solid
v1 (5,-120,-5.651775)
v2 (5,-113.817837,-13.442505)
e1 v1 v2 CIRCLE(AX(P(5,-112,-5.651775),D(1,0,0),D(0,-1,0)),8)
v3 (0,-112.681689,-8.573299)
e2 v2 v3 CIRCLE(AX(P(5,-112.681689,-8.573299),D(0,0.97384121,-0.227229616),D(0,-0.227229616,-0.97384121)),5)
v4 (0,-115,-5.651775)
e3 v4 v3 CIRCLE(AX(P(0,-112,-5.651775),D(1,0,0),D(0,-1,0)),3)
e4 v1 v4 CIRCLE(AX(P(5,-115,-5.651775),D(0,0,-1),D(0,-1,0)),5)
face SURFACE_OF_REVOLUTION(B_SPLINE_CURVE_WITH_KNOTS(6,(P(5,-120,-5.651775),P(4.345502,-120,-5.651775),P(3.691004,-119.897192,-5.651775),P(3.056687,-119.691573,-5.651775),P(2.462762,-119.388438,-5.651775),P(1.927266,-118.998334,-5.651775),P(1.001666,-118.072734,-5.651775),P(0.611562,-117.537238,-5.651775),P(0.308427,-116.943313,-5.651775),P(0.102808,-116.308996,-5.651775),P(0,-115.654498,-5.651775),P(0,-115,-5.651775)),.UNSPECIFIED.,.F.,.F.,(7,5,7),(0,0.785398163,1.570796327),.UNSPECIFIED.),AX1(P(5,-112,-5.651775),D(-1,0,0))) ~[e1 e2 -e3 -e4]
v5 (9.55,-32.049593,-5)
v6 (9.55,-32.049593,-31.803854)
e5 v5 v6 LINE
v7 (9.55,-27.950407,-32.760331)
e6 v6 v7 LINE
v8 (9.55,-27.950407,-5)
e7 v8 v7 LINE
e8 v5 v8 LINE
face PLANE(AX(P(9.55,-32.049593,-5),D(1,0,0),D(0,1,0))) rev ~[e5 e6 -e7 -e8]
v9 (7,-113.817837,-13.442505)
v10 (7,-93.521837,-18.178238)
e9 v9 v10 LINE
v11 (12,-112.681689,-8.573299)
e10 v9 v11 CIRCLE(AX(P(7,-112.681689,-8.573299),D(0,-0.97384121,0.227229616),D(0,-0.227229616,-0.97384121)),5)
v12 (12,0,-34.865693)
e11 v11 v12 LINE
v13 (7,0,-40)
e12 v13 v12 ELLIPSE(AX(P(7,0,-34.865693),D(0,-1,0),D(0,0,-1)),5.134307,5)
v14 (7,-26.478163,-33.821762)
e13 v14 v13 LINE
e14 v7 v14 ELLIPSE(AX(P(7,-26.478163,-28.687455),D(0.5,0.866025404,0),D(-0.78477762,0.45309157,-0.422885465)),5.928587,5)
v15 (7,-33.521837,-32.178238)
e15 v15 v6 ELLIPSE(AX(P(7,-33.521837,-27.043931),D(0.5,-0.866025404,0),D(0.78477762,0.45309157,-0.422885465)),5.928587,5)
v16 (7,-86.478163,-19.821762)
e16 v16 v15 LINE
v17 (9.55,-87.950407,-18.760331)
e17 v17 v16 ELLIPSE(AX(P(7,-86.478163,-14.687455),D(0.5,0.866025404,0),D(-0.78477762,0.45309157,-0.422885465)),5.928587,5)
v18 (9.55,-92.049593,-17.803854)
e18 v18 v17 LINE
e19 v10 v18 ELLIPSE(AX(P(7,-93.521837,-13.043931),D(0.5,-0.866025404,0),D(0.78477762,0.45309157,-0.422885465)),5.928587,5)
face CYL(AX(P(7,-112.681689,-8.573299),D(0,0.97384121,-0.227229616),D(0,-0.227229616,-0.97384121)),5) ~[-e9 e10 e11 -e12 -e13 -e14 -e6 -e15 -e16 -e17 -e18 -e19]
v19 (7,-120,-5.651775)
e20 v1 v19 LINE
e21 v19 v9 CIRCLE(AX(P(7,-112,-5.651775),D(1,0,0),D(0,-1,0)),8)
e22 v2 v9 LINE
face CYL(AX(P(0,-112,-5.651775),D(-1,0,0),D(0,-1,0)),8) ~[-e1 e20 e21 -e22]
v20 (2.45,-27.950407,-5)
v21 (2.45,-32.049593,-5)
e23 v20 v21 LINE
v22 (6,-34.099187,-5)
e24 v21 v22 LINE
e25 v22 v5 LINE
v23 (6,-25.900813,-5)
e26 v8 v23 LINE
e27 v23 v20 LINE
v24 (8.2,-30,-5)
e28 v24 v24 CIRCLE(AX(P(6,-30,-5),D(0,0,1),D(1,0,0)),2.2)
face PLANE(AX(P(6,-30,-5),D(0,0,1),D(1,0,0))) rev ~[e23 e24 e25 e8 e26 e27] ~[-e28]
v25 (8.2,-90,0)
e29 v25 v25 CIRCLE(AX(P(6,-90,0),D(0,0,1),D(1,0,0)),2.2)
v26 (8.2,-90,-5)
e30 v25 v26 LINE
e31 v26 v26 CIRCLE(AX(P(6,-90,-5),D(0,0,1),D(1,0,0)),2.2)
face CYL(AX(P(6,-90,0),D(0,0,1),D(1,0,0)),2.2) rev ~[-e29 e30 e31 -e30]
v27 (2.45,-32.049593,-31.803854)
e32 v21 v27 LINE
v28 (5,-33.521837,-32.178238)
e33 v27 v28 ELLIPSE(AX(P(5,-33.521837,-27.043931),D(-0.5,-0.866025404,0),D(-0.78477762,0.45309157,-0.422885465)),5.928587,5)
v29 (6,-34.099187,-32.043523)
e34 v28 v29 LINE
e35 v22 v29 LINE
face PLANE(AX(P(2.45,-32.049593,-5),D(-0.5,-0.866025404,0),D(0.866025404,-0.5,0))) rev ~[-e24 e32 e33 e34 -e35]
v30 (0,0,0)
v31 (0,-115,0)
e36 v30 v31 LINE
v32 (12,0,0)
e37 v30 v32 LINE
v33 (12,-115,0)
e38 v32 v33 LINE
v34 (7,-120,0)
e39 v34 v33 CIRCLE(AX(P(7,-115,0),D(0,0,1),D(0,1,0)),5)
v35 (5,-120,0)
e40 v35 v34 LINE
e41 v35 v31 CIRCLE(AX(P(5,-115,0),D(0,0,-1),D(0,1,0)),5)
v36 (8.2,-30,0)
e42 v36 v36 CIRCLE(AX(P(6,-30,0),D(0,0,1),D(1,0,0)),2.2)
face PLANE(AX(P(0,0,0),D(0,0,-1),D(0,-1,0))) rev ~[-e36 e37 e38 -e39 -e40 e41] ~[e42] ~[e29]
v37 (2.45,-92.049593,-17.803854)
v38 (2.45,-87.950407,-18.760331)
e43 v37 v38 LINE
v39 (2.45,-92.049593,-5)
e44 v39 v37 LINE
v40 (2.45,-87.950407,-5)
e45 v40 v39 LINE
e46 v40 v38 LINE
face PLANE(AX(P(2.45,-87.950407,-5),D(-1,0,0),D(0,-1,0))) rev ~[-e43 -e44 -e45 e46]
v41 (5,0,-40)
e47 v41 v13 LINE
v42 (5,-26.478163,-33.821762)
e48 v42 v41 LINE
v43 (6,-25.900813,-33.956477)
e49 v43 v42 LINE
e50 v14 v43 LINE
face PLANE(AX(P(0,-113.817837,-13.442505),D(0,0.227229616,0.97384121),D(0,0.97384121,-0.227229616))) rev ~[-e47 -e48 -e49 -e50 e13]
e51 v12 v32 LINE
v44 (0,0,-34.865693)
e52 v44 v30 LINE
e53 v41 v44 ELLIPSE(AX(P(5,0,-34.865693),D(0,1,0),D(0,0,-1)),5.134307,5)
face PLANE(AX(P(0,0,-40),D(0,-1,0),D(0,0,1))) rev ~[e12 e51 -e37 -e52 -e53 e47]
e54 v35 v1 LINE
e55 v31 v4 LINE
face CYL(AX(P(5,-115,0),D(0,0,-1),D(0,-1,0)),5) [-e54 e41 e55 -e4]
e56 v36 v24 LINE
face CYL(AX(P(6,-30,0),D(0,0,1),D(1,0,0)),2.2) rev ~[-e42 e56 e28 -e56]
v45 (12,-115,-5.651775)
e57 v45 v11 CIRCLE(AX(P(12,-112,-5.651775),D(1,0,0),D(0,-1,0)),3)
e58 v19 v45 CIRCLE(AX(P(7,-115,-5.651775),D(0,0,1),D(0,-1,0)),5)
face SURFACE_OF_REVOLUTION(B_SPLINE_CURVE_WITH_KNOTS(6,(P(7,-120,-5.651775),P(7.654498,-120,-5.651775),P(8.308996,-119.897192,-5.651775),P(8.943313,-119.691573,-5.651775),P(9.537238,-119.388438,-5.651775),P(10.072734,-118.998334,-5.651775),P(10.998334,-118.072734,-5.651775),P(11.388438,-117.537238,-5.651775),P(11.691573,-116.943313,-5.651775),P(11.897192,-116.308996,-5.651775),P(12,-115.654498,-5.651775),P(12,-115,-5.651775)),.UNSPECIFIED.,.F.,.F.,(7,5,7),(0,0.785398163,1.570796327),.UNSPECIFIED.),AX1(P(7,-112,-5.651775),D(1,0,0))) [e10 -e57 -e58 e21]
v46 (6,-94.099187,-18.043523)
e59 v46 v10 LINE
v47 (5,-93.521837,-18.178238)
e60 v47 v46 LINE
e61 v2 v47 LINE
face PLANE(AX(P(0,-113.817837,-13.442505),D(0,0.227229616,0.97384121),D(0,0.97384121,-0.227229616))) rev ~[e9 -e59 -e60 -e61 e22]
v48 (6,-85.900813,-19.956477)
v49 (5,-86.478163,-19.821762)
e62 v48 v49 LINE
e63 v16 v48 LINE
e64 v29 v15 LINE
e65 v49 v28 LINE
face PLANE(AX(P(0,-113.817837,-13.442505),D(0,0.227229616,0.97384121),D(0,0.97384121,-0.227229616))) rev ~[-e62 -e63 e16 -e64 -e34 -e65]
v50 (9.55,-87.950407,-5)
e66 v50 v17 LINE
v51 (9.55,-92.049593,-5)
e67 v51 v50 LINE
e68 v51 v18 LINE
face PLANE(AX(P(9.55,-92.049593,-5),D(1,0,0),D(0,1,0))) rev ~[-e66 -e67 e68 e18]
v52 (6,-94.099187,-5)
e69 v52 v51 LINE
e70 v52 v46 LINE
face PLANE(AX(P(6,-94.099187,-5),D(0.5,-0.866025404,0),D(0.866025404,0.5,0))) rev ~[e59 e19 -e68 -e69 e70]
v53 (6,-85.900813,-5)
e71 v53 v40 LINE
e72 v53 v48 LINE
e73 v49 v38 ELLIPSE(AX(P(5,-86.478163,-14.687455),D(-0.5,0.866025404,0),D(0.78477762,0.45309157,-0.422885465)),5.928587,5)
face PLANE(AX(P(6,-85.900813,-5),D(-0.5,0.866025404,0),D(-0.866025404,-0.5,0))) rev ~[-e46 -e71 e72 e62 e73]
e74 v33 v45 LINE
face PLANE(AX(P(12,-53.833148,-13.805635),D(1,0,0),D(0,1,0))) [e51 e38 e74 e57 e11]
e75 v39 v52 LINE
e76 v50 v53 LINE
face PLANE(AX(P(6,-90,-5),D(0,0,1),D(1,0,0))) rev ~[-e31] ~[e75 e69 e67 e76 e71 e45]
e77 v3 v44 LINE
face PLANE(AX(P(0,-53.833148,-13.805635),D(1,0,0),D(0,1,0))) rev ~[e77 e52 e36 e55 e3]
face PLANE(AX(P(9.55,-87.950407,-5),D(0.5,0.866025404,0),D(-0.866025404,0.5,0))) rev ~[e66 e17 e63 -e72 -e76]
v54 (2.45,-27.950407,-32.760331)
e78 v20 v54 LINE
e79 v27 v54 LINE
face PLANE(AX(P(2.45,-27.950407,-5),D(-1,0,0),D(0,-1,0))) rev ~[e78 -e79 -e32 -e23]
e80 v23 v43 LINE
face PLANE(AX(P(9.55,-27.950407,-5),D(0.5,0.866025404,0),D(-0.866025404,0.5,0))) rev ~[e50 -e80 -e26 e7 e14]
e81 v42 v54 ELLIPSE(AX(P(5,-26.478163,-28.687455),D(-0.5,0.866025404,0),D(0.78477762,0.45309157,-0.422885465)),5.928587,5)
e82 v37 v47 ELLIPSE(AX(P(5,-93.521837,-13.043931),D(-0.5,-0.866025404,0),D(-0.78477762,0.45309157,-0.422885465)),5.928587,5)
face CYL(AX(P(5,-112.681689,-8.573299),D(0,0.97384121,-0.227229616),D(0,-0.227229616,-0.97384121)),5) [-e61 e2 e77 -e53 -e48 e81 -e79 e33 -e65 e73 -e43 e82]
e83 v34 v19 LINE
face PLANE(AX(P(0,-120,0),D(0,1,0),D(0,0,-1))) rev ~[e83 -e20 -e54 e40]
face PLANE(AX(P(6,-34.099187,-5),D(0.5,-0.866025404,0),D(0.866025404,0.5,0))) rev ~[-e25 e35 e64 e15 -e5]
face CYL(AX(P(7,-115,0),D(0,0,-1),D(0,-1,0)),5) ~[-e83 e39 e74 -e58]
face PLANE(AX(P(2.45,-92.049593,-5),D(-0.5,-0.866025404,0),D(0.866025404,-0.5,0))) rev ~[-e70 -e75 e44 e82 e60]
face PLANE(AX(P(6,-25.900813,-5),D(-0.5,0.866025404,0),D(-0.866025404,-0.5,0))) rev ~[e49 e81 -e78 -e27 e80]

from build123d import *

# Parameters (mm, degrees)
F1_DEPTH = 12
F2_R     = 5
F3_R     = 2.2
F4_DEPTH = 40.001
F6_START = -5
F6_DEPTH = 35.0010001


with BuildPart() as f1:
    # F0 (on Right) → F1 (new body)
    with BuildSketch(Plane.YZ):
        with BuildLine():
            Line((0, -40), (0, 0))
            Line((0, 0), (-120, 0))
            Line((-120, 0), (-120, -5.6517750396))
            ThreePointArc((-120, -5.6517750396), (-118.2666855434, -10.6245662378), (-113.8178369249, -13.4425047175))
            Line((-113.8178369249, -13.4425047175), (0, -40))
        make_face()
    extrude(amount=F1_DEPTH)

    # F2
    f2_edges = [f1.edges().sort_by_distance(p)[0] for p in [
        (0, -56.908918, -26.721252),
        (12, -56.908918, -26.721252),
    ]]
    fillet(f2_edges, radius=F2_R)

    # F3 (on face) → F4 (cut, through all)
    with BuildSketch(Plane.XY):
        with Locations((6, -30)):
            Circle(F3_R)
        with Locations((6, -90)):
            Circle(F3_R)
    extrude(amount=-F4_DEPTH, mode=Mode.SUBTRACT)

    # F5 (on face) → F6 (cut)
    with BuildSketch(Plane.XY.offset(F6_START)):
        Polygon((2.45, -32.0495934556), (6, -34.0991869112), (9.55, -32.0495934556), (9.55, -27.9504065444), (6, -25.9008130888), (2.45, -27.9504065444), align=None)
        Polygon((2.45, -92.0495934556), (6, -94.0991869112), (9.55, -92.0495934556), (9.55, -87.9504065444), (6, -85.9008130888), (2.45, -87.9504065444), align=None)
    extrude(amount=-F6_DEPTH, mode=Mode.SUBTRACT)


solid = f1.part
